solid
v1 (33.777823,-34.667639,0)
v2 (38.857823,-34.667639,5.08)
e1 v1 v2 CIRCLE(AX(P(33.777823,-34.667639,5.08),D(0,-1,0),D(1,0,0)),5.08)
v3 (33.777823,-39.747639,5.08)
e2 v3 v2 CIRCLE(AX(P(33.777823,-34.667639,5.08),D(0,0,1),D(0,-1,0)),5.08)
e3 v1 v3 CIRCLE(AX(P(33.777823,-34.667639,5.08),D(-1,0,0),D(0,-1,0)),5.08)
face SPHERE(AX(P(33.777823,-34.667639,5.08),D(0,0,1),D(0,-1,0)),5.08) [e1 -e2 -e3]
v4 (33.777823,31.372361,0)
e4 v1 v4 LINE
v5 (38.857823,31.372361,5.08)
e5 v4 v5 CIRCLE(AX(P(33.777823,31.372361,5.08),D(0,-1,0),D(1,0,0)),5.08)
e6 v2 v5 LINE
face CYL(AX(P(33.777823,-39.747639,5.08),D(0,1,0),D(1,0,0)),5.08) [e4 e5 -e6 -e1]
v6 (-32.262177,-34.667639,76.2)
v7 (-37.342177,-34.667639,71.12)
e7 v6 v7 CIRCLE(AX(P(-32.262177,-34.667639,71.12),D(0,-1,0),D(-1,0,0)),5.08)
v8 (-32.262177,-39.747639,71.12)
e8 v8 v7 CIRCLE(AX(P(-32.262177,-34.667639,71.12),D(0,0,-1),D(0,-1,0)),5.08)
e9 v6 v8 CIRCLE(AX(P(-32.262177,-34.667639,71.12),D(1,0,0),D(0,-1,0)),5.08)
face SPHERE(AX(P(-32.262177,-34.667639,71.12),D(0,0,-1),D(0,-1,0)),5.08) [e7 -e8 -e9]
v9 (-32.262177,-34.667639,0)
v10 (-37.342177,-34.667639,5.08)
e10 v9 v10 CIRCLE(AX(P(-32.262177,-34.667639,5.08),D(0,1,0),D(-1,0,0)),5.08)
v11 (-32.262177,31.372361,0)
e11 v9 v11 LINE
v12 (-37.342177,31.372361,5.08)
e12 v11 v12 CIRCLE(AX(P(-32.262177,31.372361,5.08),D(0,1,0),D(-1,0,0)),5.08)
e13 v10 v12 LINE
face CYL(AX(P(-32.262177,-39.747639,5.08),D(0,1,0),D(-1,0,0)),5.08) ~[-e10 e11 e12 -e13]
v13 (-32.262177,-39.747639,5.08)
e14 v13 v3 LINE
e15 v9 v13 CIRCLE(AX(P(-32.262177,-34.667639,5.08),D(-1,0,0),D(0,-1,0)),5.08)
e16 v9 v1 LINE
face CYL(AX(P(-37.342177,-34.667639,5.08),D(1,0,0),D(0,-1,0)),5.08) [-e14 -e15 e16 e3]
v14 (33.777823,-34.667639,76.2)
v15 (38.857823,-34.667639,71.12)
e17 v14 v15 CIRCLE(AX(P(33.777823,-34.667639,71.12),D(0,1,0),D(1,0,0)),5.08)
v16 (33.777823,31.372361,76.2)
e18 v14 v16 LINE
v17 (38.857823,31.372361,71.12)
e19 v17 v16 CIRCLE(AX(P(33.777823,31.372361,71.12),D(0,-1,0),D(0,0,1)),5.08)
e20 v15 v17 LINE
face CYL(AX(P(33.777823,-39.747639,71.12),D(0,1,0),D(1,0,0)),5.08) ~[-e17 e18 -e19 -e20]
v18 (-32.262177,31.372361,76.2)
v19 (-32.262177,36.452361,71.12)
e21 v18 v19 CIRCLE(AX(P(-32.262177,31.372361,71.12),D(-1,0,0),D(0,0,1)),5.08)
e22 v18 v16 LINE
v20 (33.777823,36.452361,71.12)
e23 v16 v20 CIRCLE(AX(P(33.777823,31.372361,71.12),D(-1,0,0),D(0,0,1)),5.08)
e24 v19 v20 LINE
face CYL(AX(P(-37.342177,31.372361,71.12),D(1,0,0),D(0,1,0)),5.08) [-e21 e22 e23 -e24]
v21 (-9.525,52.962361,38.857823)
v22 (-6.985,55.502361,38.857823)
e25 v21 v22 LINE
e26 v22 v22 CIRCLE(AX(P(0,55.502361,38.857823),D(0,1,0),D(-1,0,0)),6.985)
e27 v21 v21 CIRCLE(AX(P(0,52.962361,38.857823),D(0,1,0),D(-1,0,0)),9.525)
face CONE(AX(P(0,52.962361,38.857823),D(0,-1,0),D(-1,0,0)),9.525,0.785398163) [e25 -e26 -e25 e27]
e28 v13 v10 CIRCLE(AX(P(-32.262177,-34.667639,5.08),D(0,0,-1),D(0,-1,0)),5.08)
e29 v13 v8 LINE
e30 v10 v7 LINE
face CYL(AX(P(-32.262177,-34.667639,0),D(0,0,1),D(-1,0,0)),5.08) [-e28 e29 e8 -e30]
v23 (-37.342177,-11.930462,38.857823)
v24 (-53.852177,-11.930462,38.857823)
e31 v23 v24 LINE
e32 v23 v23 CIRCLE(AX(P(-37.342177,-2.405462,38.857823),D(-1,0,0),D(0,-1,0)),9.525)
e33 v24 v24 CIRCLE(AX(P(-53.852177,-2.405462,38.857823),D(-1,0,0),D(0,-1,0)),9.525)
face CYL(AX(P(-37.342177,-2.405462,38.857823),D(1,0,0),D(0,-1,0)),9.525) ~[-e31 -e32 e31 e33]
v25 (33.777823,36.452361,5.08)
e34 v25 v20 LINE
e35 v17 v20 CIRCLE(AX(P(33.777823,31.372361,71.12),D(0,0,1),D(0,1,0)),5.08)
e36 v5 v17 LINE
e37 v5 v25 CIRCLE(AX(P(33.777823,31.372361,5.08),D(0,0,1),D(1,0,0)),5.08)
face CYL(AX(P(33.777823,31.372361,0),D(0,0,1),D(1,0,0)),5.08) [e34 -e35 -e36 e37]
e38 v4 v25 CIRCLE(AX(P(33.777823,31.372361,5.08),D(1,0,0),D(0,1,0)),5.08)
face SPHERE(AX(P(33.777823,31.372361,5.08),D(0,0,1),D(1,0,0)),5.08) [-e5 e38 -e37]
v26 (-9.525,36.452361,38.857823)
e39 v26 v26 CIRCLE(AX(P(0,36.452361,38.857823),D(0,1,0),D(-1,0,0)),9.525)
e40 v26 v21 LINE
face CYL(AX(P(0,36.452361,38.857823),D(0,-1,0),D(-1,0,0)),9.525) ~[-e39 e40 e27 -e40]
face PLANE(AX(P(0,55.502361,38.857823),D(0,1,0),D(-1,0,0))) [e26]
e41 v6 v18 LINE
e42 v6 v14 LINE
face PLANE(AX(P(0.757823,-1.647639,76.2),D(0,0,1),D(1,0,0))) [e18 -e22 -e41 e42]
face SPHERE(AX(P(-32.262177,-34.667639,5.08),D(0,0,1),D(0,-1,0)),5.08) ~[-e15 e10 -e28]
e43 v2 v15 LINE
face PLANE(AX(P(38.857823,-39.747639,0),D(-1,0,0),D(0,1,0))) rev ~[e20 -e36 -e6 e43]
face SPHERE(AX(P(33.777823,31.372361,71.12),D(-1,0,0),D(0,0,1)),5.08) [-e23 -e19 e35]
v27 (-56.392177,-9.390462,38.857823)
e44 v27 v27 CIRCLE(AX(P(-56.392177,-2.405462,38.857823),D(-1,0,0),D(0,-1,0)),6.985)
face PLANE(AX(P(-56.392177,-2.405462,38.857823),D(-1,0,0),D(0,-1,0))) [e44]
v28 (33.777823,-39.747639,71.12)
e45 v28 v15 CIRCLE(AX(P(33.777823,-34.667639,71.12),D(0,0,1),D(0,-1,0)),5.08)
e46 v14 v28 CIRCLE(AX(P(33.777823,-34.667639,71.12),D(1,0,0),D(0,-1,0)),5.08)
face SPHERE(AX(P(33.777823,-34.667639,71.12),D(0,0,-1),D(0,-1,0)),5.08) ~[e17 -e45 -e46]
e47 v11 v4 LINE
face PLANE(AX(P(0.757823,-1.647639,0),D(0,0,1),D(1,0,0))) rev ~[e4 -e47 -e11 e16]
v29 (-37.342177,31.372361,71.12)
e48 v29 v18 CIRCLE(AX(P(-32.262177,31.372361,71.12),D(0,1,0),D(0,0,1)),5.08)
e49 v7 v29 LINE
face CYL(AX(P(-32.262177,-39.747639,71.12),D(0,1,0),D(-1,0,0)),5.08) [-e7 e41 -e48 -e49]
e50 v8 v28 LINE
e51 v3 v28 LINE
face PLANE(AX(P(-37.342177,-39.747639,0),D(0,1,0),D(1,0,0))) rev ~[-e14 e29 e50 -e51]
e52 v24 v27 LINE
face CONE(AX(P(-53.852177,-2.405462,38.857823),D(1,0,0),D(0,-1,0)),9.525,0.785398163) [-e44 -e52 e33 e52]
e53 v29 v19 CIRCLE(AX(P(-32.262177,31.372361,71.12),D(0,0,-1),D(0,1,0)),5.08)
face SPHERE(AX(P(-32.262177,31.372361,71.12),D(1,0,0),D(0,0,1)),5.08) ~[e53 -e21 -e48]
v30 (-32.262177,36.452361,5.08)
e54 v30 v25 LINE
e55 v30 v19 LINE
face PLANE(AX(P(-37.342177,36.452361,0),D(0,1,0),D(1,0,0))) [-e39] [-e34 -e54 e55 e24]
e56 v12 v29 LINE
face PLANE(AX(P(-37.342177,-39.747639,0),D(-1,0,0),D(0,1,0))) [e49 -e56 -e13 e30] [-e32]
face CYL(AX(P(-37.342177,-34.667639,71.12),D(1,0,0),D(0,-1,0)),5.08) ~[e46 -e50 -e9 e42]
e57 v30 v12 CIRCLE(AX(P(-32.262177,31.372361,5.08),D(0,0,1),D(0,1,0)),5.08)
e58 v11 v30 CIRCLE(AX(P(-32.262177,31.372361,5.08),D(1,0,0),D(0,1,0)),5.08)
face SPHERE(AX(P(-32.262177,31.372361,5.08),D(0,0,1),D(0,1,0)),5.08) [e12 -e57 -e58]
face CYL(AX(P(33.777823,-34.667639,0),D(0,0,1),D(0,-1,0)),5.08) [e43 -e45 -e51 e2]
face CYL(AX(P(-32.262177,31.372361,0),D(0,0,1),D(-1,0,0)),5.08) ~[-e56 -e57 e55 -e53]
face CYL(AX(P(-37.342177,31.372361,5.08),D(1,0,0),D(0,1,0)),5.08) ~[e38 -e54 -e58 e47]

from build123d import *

# Parameters (mm, degrees)
F0_W     = 76.2
F0_H     = 76.2
F1_DEPTH = 76.2
F2_R     = 5.08
F3_R     = 9.525
F4_DEPTH = 19.05
F5_SIZE  = 2.54
F6_R     = 9.525
F7_DEPTH = 19.05
F8_SIZE  = 2.54


with BuildPart() as f1:
    # F0 (on Top) → F1 (new body)
    with BuildSketch(Plane.XY):
        with Locations((0.757823, -1.647639)):
            Rectangle(F0_W, F0_H)
    extrude(amount=F1_DEPTH)

    # F2
    f2_edges = [f1.edges().sort_by_distance(p)[0] for p in [
        (-37.342177, -39.747639, 38.1),
        (38.857823, -39.747639, 38.1),
        (0.757823, -39.747639, 0),
        (0.757823, -39.747639, 76.2),
        (0.757823, 36.452361, 76.2),
        (-37.342177, -1.647639, 76.2),
        (38.857823, -1.647639, 76.2),
        (38.857823, 36.452361, 38.1),
        (38.857823, -1.647639, 0),
        (-37.342177, 36.452361, 38.1),
        (0.757823, 36.452361, 0),
        (-37.342177, -1.647639, 0),
    ]]
    fillet(f2_edges, radius=F2_R)

    # F3 (on face) → F4 (join)
    with BuildSketch(Plane(origin=(0, 36.452361, 0), x_dir=(-1, 0, 0), z_dir=(0, 1, 0))):
        with Locations((0, 38.857823)):
            Circle(F3_R)
    extrude(amount=F4_DEPTH)

    # F5
    f5_edges = [f1.edges().sort_by_distance(p)[0] for p in [
        (9.525, 55.502361, 38.857823),
    ]]
    chamfer(f5_edges, length=F5_SIZE)

    # F6 (on face) → F7 (join)
    with BuildSketch(Plane(origin=(-37.342177, 0, 0), x_dir=(0, -1, 0), z_dir=(-1, 0, 0))):
        with Locations((2.405462, 38.857823)):
            Circle(F6_R)
    extrude(amount=F7_DEPTH)

    # F8
    f8_edges = [f1.edges().sort_by_distance(p)[0] for p in [
        (-56.392177, 7.119538, 38.857823),
    ]]
    chamfer(f8_edges, length=F8_SIZE)


solid = f1.part
